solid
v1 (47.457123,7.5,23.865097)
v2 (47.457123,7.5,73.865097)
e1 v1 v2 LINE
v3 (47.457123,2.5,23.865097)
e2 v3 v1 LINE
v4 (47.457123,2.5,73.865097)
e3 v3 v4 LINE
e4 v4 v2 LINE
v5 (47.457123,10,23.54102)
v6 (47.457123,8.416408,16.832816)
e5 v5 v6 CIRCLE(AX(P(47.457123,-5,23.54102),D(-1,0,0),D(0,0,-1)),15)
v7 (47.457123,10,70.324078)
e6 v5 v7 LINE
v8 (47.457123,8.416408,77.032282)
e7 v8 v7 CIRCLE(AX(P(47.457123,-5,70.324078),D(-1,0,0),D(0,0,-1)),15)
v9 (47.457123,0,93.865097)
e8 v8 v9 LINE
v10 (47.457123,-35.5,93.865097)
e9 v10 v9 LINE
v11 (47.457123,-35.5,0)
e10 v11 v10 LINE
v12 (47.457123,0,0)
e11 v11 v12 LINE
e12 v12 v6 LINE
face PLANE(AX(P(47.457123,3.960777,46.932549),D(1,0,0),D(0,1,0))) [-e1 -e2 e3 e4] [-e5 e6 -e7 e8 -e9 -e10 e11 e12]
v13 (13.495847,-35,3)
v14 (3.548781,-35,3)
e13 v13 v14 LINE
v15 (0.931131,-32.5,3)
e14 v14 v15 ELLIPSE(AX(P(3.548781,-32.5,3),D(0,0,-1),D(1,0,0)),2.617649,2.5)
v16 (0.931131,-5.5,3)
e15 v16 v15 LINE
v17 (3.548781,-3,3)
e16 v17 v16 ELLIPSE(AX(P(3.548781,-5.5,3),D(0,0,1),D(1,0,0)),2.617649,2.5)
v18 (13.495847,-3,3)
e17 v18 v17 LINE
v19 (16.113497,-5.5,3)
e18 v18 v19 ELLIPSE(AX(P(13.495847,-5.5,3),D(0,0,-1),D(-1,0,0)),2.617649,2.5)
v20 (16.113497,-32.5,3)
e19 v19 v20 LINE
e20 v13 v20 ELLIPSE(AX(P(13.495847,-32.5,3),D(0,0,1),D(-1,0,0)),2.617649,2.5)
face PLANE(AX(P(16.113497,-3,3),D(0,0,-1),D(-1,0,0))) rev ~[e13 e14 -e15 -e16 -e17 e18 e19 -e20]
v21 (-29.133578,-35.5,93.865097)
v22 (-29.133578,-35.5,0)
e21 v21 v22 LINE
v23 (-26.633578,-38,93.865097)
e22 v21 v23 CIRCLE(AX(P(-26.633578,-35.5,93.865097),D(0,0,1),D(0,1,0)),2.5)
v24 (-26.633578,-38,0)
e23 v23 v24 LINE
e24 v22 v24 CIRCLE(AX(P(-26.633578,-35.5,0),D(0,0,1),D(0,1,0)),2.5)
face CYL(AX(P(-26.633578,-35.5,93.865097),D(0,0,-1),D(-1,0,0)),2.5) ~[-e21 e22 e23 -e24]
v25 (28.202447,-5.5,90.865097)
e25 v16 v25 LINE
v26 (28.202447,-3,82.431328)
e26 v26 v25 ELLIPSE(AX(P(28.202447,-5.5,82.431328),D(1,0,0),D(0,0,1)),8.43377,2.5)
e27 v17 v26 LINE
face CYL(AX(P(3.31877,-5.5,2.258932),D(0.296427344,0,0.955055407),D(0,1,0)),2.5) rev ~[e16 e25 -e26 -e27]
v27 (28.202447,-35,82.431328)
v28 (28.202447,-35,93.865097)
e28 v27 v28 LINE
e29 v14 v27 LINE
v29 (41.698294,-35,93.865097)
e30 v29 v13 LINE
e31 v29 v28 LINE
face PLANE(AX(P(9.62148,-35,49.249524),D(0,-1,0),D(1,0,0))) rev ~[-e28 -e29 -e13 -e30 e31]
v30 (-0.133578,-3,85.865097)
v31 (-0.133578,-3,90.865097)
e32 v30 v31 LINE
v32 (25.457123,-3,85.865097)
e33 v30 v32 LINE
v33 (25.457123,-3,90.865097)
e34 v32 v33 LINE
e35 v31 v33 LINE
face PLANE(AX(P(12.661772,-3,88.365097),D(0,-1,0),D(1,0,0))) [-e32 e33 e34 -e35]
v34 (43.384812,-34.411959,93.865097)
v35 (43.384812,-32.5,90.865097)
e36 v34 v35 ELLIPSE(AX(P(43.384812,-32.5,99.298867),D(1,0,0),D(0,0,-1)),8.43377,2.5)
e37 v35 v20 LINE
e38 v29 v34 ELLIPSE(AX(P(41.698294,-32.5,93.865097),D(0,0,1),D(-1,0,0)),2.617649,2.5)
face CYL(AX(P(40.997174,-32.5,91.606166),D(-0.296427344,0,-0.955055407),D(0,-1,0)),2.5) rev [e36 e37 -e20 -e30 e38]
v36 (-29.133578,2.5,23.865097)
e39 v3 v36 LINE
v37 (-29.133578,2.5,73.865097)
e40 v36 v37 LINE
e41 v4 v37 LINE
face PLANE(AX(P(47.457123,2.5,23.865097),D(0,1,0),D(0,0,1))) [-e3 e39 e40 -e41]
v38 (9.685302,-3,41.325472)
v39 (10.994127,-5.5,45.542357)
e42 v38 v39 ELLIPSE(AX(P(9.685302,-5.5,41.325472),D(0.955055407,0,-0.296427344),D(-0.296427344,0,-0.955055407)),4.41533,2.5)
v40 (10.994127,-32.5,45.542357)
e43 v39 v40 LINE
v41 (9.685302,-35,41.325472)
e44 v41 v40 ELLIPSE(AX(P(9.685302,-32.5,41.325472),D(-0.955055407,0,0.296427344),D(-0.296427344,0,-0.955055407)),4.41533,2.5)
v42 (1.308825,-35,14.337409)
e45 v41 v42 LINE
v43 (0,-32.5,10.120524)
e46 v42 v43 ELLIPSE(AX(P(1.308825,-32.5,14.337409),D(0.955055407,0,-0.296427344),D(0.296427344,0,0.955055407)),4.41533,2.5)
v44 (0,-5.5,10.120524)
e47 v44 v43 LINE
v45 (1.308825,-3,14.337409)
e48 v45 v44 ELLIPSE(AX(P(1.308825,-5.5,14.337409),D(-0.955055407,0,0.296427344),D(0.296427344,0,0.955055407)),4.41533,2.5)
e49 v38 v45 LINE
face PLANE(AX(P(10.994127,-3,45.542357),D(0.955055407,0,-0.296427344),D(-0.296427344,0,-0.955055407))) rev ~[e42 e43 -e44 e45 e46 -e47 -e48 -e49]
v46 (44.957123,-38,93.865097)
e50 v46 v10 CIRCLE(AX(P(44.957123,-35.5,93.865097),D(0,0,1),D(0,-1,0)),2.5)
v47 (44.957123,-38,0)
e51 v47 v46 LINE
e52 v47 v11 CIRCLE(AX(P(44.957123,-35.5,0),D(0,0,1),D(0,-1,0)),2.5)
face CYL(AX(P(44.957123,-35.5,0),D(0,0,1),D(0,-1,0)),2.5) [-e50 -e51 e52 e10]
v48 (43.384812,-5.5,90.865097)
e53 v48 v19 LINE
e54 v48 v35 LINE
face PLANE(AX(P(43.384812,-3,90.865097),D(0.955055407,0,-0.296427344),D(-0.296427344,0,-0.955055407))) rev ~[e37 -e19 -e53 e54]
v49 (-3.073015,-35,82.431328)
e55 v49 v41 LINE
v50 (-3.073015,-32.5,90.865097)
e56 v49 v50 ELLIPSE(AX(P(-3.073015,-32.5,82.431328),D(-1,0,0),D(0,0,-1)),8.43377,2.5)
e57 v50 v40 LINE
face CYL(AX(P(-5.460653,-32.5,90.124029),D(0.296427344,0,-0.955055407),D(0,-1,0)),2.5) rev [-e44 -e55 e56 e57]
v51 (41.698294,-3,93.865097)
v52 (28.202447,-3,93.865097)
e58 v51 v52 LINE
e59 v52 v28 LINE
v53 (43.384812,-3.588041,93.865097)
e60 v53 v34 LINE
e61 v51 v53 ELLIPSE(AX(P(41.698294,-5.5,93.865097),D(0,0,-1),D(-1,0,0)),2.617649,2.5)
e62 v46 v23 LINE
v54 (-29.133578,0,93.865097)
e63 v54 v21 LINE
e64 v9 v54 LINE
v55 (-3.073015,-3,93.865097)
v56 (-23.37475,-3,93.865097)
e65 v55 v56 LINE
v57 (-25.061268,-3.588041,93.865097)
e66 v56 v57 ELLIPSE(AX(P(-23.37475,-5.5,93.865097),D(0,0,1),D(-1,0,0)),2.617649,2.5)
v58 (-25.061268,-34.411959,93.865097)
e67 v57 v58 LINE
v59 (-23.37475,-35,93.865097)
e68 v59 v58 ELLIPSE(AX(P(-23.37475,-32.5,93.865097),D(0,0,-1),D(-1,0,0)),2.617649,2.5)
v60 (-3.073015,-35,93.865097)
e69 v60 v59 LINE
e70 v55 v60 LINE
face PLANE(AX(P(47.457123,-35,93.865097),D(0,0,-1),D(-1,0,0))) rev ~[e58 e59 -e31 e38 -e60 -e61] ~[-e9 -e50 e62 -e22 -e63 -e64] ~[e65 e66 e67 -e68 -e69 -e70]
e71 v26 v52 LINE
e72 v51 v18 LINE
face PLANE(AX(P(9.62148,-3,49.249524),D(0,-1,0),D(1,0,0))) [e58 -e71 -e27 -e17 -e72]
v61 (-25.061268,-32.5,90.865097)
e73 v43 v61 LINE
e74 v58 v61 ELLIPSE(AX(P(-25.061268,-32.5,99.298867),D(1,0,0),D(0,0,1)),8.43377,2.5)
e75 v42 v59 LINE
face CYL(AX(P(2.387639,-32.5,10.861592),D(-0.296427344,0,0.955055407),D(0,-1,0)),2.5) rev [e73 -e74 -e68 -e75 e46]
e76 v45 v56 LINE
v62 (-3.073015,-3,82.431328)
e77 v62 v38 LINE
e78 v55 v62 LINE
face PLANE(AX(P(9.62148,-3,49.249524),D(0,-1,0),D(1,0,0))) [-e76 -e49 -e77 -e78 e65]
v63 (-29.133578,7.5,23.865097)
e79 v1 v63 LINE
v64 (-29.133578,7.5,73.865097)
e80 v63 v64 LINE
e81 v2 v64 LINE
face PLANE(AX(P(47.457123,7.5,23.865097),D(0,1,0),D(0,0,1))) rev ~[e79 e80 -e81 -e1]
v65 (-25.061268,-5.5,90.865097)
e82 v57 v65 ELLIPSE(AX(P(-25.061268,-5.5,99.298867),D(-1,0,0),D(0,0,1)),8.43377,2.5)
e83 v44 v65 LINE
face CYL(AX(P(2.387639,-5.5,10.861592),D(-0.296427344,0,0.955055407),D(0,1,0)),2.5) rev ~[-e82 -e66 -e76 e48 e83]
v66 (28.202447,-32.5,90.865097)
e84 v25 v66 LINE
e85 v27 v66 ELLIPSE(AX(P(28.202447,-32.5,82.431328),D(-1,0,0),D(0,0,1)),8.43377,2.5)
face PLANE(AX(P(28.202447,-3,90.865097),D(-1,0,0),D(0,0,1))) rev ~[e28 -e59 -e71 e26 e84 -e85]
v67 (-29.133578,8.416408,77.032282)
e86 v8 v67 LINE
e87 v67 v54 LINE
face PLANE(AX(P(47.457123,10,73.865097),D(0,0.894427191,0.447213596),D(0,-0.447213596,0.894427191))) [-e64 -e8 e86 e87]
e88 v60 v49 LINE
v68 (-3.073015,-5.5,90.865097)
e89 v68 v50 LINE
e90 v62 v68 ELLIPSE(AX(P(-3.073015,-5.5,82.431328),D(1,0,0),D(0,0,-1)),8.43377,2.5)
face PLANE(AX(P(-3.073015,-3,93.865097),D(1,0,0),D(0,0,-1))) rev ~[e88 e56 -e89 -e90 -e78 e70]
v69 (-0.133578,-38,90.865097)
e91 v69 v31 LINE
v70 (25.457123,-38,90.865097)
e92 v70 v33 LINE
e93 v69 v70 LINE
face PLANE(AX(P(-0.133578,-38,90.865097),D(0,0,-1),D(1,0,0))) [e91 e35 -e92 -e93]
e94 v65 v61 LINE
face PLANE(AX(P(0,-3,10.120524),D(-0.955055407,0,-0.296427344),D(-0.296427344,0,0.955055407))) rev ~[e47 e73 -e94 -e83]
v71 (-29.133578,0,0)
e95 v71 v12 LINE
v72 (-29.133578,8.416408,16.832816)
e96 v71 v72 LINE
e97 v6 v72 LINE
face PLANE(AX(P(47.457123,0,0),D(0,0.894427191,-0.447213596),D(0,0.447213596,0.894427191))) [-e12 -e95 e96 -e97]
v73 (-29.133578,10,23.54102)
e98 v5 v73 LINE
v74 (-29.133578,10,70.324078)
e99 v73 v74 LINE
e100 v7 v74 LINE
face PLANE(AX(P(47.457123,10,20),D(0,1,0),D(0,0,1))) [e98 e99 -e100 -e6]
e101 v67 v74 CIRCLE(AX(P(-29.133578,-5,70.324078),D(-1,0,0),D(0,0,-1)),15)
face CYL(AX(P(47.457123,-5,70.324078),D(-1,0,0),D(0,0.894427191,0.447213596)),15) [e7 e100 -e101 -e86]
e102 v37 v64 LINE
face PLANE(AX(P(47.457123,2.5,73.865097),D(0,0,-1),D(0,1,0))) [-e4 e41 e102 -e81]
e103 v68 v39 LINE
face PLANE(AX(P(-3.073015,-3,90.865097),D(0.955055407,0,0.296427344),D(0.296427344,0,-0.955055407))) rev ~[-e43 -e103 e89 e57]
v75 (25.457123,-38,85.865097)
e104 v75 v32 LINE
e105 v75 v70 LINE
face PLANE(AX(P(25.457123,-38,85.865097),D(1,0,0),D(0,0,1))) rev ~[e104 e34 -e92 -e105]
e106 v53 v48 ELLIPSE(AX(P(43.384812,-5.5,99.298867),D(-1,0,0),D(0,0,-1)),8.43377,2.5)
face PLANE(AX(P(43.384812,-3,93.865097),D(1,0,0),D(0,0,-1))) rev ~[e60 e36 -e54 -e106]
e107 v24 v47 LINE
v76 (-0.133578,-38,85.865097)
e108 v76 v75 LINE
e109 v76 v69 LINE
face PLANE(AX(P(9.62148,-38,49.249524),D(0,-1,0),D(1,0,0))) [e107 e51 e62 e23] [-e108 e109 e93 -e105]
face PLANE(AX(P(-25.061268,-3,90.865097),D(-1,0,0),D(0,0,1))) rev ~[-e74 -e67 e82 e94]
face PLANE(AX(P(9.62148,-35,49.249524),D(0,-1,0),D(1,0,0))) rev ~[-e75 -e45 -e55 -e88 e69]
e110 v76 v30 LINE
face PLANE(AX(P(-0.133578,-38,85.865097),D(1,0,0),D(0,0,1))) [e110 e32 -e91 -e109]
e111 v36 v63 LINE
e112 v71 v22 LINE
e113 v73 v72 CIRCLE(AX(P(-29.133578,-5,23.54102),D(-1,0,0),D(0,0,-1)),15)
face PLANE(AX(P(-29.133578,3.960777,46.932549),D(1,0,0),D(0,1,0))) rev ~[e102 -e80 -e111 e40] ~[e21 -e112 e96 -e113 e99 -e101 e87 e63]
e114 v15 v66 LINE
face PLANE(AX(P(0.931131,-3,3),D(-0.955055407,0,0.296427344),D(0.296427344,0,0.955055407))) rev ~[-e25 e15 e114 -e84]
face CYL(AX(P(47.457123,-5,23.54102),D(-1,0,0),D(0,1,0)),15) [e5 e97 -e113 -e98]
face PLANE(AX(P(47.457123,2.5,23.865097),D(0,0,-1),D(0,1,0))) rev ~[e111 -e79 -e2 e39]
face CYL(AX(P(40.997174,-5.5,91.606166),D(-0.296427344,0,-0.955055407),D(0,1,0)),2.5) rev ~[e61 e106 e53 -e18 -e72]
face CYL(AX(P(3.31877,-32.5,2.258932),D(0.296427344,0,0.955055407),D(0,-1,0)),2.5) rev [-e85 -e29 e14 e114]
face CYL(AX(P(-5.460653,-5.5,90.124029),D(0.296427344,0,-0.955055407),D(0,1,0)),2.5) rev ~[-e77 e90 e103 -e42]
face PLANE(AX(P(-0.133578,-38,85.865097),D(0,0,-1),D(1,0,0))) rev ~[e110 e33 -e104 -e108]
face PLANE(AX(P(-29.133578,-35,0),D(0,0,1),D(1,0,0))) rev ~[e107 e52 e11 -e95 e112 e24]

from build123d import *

# Parameters (mm, degrees)
F1_DEPTH  = 3
F2_START  = 3
F2_DEPTH  = 32
F3_START  = 35
F3_DEPTH  = 3
F4_W      = 5
F4_H      = 50
F5_DEPTH  = 76.5907008807
F6_R      = 15
F8_R      = 2.5
F9_R      = 2.5
F7_W      = 25.5907008807
F7_H      = 5
F10_DEPTH = 35


with BuildPart() as f1:
    # F0 (on Front) → F1 (new body)
    with BuildSketch(Plane.XZ):
        Polygon((-29.1335783188, 93.8650974194), (0, 0), (18.3235442432, 0), (47.457122562, 93.8650974194), (43.384812198, 93.8650974194), (43.384812198, 90.8650974194), (16.1134965809, 3), (0.9311313508, 3), (28.2024469679, 90.8650974194), (28.2024469679, 93.8650974194), (-3.0730148629, 93.8650974194), (-3.0730148629, 90.8650974194), (10.9941265459, 45.5423573046), (0, 10.1205238455), (-25.0612679548, 90.8650974194), (-25.0612679548, 93.8650974194), align=None)
        Polygon((-3.0730148629, 93.8650974194), (-25.0612679548, 93.8650974194), (-25.0612679548, 90.8650974194), (0, 10.1205238455), (10.9941265459, 45.5423573046), (-3.0730148629, 90.8650974194), align=None)
        Polygon((43.384812198, 90.8650974194), (43.384812198, 93.8650974194), (28.2024469679, 93.8650974194), (28.2024469679, 90.8650974194), (0.9311313508, 3), (16.1134965809, 3), align=None)
        Polygon((-29.1335783188, 0), (0, 0), (-29.1335783188, 93.8650974194), align=None)
        Polygon((47.457122562, 93.8650974194), (18.3235442432, 0), (47.457122562, 0), align=None)
    extrude(amount=F1_DEPTH)

    # F0 (on Front) → F2 (join)
    with BuildSketch(Plane.XZ.offset(F2_START)):
        Polygon((-29.1335783188, 93.8650974194), (0, 0), (18.3235442432, 0), (47.457122562, 93.8650974194), (43.384812198, 93.8650974194), (43.384812198, 90.8650974194), (16.1134965809, 3), (0.9311313508, 3), (28.2024469679, 90.8650974194), (28.2024469679, 93.8650974194), (-3.0730148629, 93.8650974194), (-3.0730148629, 90.8650974194), (10.9941265459, 45.5423573046), (0, 10.1205238455), (-25.0612679548, 90.8650974194), (-25.0612679548, 93.8650974194), align=None)
        Polygon((-29.1335783188, 0), (0, 0), (-29.1335783188, 93.8650974194), align=None)
        Polygon((47.457122562, 93.8650974194), (18.3235442432, 0), (47.457122562, 0), align=None)
    extrude(amount=F2_DEPTH)

    # F0 (on Front) → F3 (join)
    with BuildSketch(Plane.XZ.offset(F3_START)):
        Polygon((-29.1335783188, 93.8650974194), (0, 0), (18.3235442432, 0), (47.457122562, 93.8650974194), (43.384812198, 93.8650974194), (43.384812198, 90.8650974194), (16.1134965809, 3), (0.9311313508, 3), (28.2024469679, 90.8650974194), (28.2024469679, 93.8650974194), (-3.0730148629, 93.8650974194), (-3.0730148629, 90.8650974194), (10.9941265459, 45.5423573046), (0, 10.1205238455), (-25.0612679548, 90.8650974194), (-25.0612679548, 93.8650974194), align=None)
        Polygon((-3.0730148629, 93.8650974194), (-25.0612679548, 93.8650974194), (-25.0612679548, 90.8650974194), (0, 10.1205238455), (10.9941265459, 45.5423573046), (-3.0730148629, 90.8650974194), align=None)
        Polygon((43.384812198, 90.8650974194), (43.384812198, 93.8650974194), (28.2024469679, 93.8650974194), (28.2024469679, 90.8650974194), (0.9311313508, 3), (16.1134965809, 3), align=None)
        Polygon((-29.1335783188, 0), (0, 0), (-29.1335783188, 93.8650974194), align=None)
        Polygon((47.457122562, 93.8650974194), (18.3235442432, 0), (47.457122562, 0), align=None)
    extrude(amount=F3_DEPTH)

    # F4 (on face) → F5 (join, through all)
    with BuildSketch(Plane.YZ.offset(47.457122562)):
        Polygon((10, 73.8650974194), (0, 93.8650974194), (0, 0), (10, 20), align=None)
        with Locations((5, 48.8650974194)):
            Rectangle(F4_W, F4_H, mode=Mode.SUBTRACT)
    extrude(amount=-F5_DEPTH)

    # F6
    f6_edges = [f1.edges().sort_by_distance(p)[0] for p in [
        (9.161772, 10, 73.865097),
        (9.161772, 10, 20),
    ]]
    fillet(f6_edges, radius=F6_R)

    # F8
    f8_edges = [f1.edges().sort_by_distance(p)[0] for p in [
        (-12.530634, -3, 50.492811),
        (3.960556, -3, 68.203727),
        (3.960556, -35, 68.203727),
        (-12.530634, -35, 50.492811),
        (29.749154, -35, 46.932549),
        (29.749154, -3, 46.932549),
        (14.566789, -3, 46.932549),
        (14.566789, -35, 46.932549),
    ]]
    fillet(f8_edges, radius=F8_R)

    # F9
    f9_edges = [f1.edges().sort_by_distance(p)[0] for p in [
        (-29.133578, -38, 46.932549),
        (47.457123, -38, 46.932549),
    ]]
    fillet(f9_edges, radius=F9_R)

    # F7 (on face) → F10 (cut)
    with BuildSketch(Plane.XZ.offset(38)):
        with Locations((12.6617721216, 88.3650974194)):
            Rectangle(F7_W, F7_H)
    extrude(amount=-F10_DEPTH, mode=Mode.SUBTRACT)


solid = f1.part
